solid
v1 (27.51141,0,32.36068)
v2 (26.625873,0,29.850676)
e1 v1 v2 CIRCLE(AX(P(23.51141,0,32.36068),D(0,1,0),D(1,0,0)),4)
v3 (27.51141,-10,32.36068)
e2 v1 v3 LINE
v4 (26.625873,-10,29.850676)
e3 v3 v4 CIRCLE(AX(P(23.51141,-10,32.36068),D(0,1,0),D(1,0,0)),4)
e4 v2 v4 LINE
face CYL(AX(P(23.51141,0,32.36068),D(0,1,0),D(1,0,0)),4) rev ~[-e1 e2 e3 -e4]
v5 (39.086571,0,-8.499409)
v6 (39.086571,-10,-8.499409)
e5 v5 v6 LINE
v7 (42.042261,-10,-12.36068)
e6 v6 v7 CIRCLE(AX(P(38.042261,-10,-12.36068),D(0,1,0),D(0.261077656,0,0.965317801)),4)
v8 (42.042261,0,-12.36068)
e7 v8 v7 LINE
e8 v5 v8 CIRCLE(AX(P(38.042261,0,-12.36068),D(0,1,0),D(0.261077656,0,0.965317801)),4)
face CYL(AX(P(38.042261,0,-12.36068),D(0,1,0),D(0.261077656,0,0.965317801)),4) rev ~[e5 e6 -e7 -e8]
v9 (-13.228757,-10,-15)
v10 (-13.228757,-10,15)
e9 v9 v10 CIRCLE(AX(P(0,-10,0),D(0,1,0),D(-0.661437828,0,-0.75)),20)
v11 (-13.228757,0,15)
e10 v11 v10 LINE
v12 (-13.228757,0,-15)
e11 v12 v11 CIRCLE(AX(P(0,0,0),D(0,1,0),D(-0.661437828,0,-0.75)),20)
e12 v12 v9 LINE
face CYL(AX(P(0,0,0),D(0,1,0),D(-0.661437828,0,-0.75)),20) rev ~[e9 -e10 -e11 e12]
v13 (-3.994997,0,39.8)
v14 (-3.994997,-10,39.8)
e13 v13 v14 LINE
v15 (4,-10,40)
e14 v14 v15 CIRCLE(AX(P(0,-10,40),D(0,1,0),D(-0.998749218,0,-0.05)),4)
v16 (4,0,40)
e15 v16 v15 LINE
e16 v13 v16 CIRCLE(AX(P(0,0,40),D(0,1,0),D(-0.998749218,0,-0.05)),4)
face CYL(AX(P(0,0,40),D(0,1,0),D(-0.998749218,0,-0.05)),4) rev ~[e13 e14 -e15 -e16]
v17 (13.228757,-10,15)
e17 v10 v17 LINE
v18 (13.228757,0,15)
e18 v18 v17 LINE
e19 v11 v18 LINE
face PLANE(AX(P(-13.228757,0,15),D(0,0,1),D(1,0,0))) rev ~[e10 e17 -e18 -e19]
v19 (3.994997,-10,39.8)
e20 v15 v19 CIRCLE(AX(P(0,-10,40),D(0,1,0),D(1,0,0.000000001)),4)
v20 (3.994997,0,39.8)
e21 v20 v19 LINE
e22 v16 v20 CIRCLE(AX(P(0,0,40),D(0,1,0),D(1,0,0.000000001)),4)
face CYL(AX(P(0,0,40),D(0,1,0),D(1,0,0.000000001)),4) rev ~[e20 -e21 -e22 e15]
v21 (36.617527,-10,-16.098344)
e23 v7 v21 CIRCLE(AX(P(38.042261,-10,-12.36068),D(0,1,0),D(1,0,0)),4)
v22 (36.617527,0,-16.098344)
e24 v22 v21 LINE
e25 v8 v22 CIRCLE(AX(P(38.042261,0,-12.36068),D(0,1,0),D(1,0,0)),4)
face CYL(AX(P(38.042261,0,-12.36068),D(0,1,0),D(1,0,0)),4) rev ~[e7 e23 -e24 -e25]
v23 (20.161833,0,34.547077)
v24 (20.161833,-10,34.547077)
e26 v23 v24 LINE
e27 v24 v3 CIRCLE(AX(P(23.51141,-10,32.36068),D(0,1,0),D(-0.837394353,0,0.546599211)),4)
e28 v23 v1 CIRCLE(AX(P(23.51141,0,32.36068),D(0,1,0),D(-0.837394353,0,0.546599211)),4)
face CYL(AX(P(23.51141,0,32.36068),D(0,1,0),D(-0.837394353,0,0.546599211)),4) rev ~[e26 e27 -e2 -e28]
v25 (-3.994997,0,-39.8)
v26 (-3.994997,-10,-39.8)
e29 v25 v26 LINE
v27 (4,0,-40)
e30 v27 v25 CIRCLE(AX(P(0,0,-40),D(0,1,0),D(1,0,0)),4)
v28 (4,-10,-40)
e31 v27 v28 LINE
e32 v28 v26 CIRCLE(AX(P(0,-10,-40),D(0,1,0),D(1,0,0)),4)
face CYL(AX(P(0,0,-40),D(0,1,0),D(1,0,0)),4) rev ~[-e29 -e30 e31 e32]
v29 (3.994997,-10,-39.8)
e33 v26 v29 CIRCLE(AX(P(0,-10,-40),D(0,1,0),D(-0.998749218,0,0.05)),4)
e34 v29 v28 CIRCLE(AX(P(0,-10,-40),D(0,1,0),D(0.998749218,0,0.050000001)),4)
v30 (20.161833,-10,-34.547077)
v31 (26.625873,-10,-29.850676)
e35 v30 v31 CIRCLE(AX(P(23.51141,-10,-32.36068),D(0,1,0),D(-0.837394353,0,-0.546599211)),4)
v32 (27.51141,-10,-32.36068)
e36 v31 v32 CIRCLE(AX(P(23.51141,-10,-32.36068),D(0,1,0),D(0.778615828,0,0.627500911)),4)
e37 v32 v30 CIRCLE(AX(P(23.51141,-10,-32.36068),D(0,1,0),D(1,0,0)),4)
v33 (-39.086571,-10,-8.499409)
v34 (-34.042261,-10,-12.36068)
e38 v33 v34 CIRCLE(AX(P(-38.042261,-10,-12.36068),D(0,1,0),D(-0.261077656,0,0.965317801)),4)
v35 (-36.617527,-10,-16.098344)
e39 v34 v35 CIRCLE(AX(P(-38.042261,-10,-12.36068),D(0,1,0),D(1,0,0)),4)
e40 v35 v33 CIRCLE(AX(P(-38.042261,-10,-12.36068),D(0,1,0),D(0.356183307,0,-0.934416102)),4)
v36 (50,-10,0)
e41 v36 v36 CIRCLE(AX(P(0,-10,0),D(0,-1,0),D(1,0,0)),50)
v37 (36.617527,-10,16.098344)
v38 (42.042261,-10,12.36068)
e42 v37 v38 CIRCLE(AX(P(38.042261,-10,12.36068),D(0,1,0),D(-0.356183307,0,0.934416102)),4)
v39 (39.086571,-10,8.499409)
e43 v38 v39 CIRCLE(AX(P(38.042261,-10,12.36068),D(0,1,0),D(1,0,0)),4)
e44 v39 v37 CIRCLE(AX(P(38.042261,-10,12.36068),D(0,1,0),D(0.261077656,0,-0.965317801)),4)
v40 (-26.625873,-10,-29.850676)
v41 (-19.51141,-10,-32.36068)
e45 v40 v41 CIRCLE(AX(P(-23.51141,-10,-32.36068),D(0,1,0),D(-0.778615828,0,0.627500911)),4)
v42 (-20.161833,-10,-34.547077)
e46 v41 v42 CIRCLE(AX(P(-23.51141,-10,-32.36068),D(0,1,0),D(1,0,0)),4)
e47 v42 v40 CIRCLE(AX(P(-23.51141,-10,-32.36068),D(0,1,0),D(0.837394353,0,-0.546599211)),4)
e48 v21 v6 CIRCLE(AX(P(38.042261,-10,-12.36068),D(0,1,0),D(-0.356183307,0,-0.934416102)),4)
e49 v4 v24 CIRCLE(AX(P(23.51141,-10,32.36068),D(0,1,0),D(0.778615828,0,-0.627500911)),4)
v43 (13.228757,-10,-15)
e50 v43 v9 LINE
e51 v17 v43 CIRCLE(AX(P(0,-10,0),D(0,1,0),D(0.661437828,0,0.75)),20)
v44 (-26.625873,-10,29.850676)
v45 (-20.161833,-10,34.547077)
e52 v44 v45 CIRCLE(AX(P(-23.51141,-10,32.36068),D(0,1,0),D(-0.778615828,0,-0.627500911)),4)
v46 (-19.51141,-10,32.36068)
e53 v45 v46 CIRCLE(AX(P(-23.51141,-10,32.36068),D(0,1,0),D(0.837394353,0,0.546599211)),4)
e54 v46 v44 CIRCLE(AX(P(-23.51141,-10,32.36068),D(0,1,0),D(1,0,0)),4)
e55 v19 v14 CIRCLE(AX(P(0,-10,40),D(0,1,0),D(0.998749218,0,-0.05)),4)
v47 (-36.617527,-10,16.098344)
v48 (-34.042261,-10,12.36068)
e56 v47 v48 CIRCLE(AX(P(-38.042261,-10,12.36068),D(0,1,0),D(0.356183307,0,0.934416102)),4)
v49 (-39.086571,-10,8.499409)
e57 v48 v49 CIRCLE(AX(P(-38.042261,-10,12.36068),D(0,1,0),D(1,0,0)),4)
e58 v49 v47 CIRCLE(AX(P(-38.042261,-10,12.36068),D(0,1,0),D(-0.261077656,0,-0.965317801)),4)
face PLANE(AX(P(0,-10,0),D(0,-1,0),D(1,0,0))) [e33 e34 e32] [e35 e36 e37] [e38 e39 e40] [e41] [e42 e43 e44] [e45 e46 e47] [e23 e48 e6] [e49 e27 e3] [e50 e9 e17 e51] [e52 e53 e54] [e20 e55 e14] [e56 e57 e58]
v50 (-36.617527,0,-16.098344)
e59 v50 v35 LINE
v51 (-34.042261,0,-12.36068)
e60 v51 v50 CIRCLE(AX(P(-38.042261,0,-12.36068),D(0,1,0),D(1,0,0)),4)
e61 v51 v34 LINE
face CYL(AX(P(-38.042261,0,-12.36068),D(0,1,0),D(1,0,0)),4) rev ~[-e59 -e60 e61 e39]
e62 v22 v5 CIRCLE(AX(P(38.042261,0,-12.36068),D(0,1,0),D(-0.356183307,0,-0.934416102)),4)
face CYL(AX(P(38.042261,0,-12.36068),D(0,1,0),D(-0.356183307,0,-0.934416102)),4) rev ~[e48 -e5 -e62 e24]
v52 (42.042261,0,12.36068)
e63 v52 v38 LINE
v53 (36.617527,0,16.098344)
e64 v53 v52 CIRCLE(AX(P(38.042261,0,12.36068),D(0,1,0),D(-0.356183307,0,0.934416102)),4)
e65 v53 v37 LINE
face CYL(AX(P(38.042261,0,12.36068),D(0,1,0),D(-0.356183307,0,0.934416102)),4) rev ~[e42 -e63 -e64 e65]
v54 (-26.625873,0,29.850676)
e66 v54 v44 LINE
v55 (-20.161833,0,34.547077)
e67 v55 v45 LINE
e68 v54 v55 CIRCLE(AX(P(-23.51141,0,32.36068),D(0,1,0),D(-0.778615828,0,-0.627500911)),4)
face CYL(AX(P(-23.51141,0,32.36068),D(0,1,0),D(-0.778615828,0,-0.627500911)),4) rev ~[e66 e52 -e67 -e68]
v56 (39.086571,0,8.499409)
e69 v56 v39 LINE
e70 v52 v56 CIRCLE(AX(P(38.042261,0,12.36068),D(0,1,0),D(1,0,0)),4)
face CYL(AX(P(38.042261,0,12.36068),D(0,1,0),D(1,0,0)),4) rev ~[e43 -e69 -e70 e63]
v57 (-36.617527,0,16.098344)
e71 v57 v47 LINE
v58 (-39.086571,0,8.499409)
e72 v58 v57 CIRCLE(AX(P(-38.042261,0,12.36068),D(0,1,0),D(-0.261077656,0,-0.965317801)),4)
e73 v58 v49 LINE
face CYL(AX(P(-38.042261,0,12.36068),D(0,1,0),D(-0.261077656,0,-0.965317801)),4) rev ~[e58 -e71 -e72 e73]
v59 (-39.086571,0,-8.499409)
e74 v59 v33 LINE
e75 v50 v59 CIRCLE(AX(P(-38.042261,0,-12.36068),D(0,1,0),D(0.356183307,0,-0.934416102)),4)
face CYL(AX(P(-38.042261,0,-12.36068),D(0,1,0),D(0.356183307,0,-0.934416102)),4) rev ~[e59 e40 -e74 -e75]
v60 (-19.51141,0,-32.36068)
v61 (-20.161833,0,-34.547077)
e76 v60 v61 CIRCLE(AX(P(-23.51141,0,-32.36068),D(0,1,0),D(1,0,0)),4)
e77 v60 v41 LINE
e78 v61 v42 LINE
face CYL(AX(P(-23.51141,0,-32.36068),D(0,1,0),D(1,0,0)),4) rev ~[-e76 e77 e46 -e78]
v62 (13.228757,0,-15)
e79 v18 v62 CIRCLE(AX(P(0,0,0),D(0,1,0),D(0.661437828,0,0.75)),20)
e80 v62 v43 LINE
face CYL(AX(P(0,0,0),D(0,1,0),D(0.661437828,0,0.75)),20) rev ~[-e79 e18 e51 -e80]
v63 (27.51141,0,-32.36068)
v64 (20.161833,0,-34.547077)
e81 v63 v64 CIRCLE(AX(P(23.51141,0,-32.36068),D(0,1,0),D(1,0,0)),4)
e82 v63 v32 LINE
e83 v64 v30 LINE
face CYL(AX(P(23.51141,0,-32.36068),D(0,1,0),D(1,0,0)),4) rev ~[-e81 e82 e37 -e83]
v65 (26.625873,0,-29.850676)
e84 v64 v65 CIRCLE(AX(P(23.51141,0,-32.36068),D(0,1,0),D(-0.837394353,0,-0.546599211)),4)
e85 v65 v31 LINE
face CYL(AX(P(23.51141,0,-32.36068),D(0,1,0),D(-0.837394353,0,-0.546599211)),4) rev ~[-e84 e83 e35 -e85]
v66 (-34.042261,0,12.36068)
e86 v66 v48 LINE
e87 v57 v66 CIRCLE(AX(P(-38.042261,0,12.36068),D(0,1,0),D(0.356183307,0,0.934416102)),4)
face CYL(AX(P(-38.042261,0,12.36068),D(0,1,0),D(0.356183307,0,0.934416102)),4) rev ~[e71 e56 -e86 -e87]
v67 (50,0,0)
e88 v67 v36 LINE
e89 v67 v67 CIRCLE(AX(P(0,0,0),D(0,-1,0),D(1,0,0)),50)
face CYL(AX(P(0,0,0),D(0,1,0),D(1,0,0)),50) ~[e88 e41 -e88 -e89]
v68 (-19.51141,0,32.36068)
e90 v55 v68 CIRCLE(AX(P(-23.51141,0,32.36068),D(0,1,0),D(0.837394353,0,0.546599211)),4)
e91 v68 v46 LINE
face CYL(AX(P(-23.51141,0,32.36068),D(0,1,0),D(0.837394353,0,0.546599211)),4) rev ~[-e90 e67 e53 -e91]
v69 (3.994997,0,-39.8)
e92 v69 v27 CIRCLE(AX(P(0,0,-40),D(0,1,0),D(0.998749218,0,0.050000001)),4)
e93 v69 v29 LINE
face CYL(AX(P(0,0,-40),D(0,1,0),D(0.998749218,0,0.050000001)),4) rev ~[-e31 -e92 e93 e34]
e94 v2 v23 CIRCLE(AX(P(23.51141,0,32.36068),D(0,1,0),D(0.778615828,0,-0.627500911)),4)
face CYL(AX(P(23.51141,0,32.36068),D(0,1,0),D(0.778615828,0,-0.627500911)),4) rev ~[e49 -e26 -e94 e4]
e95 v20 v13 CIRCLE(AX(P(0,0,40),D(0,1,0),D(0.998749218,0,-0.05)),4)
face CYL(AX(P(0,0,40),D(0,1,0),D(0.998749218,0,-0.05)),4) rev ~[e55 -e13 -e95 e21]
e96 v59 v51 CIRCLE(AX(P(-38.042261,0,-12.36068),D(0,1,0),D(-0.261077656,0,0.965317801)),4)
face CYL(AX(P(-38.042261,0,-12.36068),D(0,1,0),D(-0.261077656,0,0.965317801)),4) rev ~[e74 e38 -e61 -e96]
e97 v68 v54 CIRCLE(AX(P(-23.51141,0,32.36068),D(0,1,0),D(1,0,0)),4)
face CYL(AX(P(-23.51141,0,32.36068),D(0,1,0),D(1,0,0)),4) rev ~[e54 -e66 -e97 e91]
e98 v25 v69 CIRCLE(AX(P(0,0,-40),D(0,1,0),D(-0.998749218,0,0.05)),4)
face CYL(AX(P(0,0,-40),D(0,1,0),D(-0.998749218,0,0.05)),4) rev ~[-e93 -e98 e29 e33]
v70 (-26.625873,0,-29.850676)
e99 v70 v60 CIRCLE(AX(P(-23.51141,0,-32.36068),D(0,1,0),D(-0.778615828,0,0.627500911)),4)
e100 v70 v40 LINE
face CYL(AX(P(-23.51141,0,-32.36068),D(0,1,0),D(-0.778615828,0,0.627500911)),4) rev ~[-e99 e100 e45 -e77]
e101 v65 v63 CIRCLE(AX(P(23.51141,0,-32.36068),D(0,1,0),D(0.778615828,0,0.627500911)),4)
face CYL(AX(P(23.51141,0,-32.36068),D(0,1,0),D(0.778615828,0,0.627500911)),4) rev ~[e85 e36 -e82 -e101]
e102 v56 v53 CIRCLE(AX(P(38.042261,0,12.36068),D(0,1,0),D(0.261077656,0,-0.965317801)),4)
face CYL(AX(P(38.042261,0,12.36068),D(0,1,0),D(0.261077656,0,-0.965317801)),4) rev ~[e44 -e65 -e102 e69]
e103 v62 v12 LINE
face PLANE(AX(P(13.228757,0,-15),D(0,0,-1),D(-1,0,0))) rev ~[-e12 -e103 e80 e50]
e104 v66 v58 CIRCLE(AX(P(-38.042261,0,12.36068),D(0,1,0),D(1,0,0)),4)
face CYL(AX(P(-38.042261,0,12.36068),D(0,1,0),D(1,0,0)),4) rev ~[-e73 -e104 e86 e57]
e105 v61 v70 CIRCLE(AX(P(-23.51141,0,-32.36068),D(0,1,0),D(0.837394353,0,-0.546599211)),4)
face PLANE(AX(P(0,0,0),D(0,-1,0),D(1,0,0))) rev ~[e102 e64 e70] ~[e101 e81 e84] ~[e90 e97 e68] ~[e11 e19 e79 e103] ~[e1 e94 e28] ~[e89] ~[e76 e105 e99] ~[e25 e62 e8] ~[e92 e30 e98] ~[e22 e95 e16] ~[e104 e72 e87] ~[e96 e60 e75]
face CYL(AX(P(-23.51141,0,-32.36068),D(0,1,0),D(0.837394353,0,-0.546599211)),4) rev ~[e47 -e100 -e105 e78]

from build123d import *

# Parameters (mm, degrees)
F0_R     = 50
F0_R_2   = 25
F1_DEPTH = 10


with BuildPart() as f1:
    # F0 (on Front) → F1 (new body)
    with BuildSketch(Plane.XZ):
        Circle(F0_R)
        with BuildLine():
            ThreePointArc((-20.1618326801, 34.5470766199), (-12.360679775, 38.0422606518), (-3.9949968711, 39.8))
            ThreePointArc((-3.9949968711, 39.8), (-0.1000312842, 43.9987490222), (4, 40))
            ThreePointArc((4, 40), (3.9987490222, 39.8999687158), (3.9949968711, 39.8))
            ThreePointArc((3.9949968711, 39.8), (12.360679775, 38.0422606518), (20.1618326801, 34.5470766199))
            ThreePointArc((20.1618326801, 34.5470766199), (24.6519560911, 36.1946274563), (27.5114100917, 32.360679775))
            ThreePointArc((27.5114100917, 32.360679775), (27.2835350395, 31.0298629662), (26.6258734024, 29.8506761323))
            ThreePointArc((26.6258734024, 29.8506761323), (32.360679775, 23.5114100917), (36.6175274229, 16.0983441829))
            ThreePointArc((36.6175274229, 16.0983441829), (40.3117393457, 15.6545326038), (42.0422606518, 12.360679775))
            ThreePointArc((42.0422606518, 12.360679775), (41.2185196533, 9.9293470632), (39.0865712742, 8.4994085693))
            ThreePointArc((39.0865712742, 8.4994085693), (40, 0), (39.0865712742, -8.4994085693))
            ThreePointArc((39.0865712742, -8.4994085693), (41.2185196533, -9.9293470632), (42.0422606518, -12.360679775))
            ThreePointArc((42.0422606518, -12.360679775), (40.3117393457, -15.6545326038), (36.6175274229, -16.0983441829))
            ThreePointArc((36.6175274229, -16.0983441829), (32.360679775, -23.5114100917), (26.6258734024, -29.8506761323))
            ThreePointArc((26.6258734024, -29.8506761323), (27.2835350395, -31.0298629662), (27.5114100917, -32.360679775))
            ThreePointArc((27.5114100917, -32.360679775), (24.6519560911, -36.1946274563), (20.1618326801, -34.5470766199))
            ThreePointArc((20.1618326801, -34.5470766199), (12.360679775, -38.0422606518), (3.9949968711, -39.8))
            ThreePointArc((3.9949968711, -39.8), (3.9987490222, -39.8999687158), (4, -40))
            ThreePointArc((4, -40), (-0.1000312842, -43.9987490222), (-3.9949968711, -39.8))
            ThreePointArc((-3.9949968711, -39.8), (-12.360679775, -38.0422606518), (-20.1618326801, -34.5470766199))
            ThreePointArc((-20.1618326801, -34.5470766199), (-25.8625511009, -35.5967477525), (-26.6258734024, -29.8506761323))
            ThreePointArc((-26.6258734024, -29.8506761323), (-32.360679775, -23.5114100917), (-36.6175274229, -16.0983441829))
            ThreePointArc((-36.6175274229, -16.0983441829), (-41.846486717, -13.5967477525), (-39.0865712742, -8.4994085693))
            ThreePointArc((-39.0865712742, -8.4994085693), (-40, 0), (-39.0865712742, 8.4994085693))
            ThreePointArc((-39.0865712742, 8.4994085693), (-41.846486717, 13.5967477525), (-36.6175274229, 16.0983441829))
            ThreePointArc((-36.6175274229, 16.0983441829), (-32.360679775, 23.5114100917), (-26.6258734024, 29.8506761323))
            ThreePointArc((-26.6258734024, 29.8506761323), (-25.8625511009, 35.5967477525), (-20.1618326801, 34.5470766199))
        make_face(mode=Mode.SUBTRACT)
        with BuildLine():
            ThreePointArc((3.9949968711, 39.8), (0, 36), (-3.9949968711, 39.8))
            ThreePointArc((-3.9949968711, 39.8), (-12.360679775, 38.0422606518), (-20.1618326801, 34.5470766199))
            ThreePointArc((-20.1618326801, 34.5470766199), (-19.6774624104, 33.5012257744), (-19.5114100917, 32.360679775))
            ThreePointArc((-19.5114100917, 32.360679775), (-22.1805932829, 28.5885548272), (-26.6258734024, 29.8506761323))
            ThreePointArc((-26.6258734024, 29.8506761323), (-32.360679775, 23.5114100917), (-36.6175274229, 16.0983441829))
            ThreePointArc((-36.6175274229, 16.0983441829), (-34.748407823, 14.6301584689), (-34.0422606518, 12.360679775))
            ThreePointArc((-34.0422606518, 12.360679775), (-35.6109279401, 9.1844207735), (-39.0865712742, 8.4994085693))
            ThreePointArc((-39.0865712742, 8.4994085693), (-40, 0), (-39.0865712742, -8.4994085693))
            ThreePointArc((-39.0865712742, -8.4994085693), (-35.6109279401, -9.1844207735), (-34.0422606518, -12.360679775))
            ThreePointArc((-34.0422606518, -12.360679775), (-34.748407823, -14.6301584689), (-36.6175274229, -16.0983441829))
            ThreePointArc((-36.6175274229, -16.0983441829), (-32.360679775, -23.5114100917), (-26.6258734024, -29.8506761323))
            ThreePointArc((-26.6258734024, -29.8506761323), (-22.1805932829, -28.5885548272), (-19.5114100917, -32.360679775))
            ThreePointArc((-19.5114100917, -32.360679775), (-19.6774624104, -33.5012257744), (-20.1618326801, -34.5470766199))
            ThreePointArc((-20.1618326801, -34.5470766199), (-12.360679775, -38.0422606518), (-3.9949968711, -39.8))
            ThreePointArc((-3.9949968711, -39.8), (0, -36), (3.9949968711, -39.8))
            ThreePointArc((3.9949968711, -39.8), (12.360679775, -38.0422606518), (20.1618326801, -34.5470766199))
            ThreePointArc((20.1618326801, -34.5470766199), (21.1602690825, -29.1246117975), (26.6258734024, -29.8506761323))
            ThreePointArc((26.6258734024, -29.8506761323), (32.360679775, -23.5114100917), (36.6175274229, -16.0983441829))
            ThreePointArc((36.6175274229, -16.0983441829), (34.2380345866, -11.1246117975), (39.0865712742, -8.4994085693))
            ThreePointArc((39.0865712742, -8.4994085693), (40, 0), (39.0865712742, 8.4994085693))
            ThreePointArc((39.0865712742, 8.4994085693), (34.2380345866, 11.1246117975), (36.6175274229, 16.0983441829))
            ThreePointArc((36.6175274229, 16.0983441829), (32.360679775, 23.5114100917), (26.6258734024, 29.8506761323))
            ThreePointArc((26.6258734024, 29.8506761323), (21.1602690825, 29.1246117975), (20.1618326801, 34.5470766199))
            ThreePointArc((20.1618326801, 34.5470766199), (12.360679775, 38.0422606518), (3.9949968711, 39.8))
        make_face()
        Circle(F0_R_2, mode=Mode.SUBTRACT)
        Circle(F0_R_2)
        with BuildLine():
            ThreePointArc((-13.2287565553, -15), (-20, 0), (-13.2287565553, 15))
            Line((-13.2287565553, 15), (13.2287565553, 15))
            ThreePointArc((13.2287565553, 15), (20, 0), (13.2287565553, -15))
            Line((13.2287565553, -15), (-13.2287565553, -15))
        make_face(mode=Mode.SUBTRACT)
    extrude(amount=F1_DEPTH)


solid = f1.part
